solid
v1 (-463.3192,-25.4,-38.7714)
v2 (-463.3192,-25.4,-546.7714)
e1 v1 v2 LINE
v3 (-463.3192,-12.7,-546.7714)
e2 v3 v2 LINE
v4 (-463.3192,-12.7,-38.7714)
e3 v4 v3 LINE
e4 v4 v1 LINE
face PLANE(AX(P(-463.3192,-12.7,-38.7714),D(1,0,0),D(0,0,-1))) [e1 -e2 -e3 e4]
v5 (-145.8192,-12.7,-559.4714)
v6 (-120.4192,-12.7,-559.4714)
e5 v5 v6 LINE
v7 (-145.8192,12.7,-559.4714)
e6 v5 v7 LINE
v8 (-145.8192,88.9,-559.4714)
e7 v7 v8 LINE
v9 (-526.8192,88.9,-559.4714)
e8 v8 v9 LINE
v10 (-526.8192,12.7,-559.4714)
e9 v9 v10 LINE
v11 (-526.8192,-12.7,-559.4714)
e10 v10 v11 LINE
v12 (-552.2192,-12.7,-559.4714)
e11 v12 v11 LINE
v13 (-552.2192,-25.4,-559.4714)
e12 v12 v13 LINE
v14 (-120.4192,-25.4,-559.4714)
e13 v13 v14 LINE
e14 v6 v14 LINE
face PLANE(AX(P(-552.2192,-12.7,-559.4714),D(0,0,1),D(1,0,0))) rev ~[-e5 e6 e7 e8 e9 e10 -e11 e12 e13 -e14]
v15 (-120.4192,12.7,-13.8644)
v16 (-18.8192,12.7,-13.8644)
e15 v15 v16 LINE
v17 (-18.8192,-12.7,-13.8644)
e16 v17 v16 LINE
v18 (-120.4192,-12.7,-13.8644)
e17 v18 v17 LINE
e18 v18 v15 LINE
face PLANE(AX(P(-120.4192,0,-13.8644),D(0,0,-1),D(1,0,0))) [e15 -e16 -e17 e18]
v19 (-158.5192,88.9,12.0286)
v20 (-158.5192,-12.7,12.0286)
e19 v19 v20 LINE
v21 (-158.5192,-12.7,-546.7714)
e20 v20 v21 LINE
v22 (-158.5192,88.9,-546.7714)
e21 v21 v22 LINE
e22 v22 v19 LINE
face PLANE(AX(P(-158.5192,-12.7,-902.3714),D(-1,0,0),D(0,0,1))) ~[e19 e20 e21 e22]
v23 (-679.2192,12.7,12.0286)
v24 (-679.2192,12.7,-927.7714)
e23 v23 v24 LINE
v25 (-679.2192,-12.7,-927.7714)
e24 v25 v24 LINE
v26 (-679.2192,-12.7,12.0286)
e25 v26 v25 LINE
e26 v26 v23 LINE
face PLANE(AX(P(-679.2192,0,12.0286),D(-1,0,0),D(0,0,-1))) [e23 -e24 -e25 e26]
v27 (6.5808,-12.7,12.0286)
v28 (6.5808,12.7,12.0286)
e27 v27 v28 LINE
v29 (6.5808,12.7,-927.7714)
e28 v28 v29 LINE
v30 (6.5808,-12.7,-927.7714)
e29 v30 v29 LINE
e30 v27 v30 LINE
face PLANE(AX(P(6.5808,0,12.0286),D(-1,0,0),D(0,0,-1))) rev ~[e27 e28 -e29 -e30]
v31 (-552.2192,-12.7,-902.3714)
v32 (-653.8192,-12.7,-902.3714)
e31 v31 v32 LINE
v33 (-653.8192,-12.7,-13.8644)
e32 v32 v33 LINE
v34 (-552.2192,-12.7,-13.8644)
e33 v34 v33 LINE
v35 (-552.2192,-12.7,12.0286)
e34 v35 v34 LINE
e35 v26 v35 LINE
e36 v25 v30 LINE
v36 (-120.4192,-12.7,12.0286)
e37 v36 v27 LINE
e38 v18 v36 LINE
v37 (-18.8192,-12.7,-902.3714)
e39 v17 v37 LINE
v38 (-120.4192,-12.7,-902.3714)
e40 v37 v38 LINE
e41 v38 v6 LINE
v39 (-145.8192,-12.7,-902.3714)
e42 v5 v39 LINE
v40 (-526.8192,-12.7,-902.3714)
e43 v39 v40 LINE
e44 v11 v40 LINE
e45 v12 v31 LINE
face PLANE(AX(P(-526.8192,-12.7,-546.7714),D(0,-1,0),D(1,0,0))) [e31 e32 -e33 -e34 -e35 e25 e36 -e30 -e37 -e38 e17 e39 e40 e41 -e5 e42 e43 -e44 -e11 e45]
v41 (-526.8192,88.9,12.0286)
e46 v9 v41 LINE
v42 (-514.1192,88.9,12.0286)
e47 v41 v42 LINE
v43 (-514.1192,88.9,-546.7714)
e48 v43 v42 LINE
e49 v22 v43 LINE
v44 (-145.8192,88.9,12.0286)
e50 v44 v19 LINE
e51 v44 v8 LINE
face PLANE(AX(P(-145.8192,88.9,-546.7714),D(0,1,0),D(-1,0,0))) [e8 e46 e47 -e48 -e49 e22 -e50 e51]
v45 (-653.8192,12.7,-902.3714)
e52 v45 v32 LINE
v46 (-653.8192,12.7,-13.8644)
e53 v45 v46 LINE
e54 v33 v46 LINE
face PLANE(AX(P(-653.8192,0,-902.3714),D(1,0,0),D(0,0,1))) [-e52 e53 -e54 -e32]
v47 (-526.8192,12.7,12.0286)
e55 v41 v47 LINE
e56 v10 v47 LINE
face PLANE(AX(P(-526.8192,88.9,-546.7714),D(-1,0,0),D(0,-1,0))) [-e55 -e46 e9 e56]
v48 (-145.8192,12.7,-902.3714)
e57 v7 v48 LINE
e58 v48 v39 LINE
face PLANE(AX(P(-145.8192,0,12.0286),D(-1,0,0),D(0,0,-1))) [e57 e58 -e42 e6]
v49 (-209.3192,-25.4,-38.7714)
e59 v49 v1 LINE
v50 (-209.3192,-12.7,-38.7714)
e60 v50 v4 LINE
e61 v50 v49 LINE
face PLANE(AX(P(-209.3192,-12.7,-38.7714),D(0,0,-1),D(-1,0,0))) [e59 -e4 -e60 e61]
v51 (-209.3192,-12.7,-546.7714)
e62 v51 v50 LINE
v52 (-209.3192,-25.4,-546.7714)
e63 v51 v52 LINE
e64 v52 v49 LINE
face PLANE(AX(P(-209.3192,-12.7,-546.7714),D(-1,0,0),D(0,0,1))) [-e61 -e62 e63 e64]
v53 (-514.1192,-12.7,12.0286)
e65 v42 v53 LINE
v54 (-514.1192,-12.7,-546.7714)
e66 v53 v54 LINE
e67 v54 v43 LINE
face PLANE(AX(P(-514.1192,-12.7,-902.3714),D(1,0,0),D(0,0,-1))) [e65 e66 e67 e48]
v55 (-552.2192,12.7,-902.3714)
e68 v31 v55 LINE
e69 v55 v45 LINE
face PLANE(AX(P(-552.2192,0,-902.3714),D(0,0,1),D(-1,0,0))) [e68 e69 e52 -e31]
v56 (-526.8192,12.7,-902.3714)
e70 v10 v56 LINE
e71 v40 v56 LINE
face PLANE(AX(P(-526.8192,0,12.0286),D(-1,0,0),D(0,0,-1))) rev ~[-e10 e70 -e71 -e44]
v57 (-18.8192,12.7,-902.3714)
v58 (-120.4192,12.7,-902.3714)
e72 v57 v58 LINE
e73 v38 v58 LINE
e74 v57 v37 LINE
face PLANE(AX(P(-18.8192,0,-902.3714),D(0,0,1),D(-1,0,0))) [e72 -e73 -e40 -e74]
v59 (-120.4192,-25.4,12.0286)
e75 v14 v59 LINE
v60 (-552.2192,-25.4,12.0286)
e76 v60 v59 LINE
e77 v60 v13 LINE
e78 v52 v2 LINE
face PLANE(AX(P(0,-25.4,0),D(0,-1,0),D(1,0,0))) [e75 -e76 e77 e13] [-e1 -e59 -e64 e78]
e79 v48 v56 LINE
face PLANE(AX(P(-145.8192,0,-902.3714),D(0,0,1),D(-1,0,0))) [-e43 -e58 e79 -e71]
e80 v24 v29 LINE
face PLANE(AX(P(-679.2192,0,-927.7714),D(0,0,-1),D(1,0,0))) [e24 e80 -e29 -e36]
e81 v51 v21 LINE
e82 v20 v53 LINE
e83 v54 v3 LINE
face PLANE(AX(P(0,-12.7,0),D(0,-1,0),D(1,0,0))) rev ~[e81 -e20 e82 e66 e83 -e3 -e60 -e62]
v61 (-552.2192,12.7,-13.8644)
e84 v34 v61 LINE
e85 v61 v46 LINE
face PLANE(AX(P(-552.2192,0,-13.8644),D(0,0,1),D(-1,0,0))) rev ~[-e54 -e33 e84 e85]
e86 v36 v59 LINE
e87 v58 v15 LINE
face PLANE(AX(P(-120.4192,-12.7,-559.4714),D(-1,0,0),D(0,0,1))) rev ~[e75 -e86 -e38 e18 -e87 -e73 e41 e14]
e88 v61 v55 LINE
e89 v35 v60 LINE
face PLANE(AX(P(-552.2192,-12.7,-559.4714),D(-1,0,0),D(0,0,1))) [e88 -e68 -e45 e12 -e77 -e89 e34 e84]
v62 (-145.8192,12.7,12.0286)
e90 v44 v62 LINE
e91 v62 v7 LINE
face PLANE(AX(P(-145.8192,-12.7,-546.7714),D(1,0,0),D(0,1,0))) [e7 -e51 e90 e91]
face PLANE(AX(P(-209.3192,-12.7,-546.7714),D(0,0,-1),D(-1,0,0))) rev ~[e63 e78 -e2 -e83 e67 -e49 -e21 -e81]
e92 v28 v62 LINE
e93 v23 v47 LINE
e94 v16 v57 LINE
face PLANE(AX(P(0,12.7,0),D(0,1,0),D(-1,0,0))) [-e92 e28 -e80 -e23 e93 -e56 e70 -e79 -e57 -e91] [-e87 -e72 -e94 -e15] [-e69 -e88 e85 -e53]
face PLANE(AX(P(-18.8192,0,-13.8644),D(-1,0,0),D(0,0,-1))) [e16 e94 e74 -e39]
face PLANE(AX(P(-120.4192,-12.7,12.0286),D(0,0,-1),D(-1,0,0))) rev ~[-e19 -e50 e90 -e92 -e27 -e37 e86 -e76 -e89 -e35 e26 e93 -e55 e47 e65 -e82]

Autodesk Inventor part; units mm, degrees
ref_plane "YZ Plane" through (0, 0, 0) normal (1, 0, 0) x (0, 1, 0)
ref_plane "XZ Plane" through (0, 0, 0) normal (0, 1, 0) x (-1, 0, 0)
sketch "Sketch1" plane through (0, 0, 0) normal (0, 1, 0) x (-1, 0, 0)
  line L0 (-6.5808, 12.0286) -> (-6.5808, -927.7714)
  line L1 (-6.5808, 12.0286) -> (18.8192, 12.0286)
  line L2 (18.8192, 12.0286) -> (18.8192, -902.3714)
  line L3 (18.8192, -902.3714) -> (653.8192, -902.3714)
  line L4 (653.8192, -902.3714) -> (653.8192, 12.0286)
  line L5 (653.8192, 12.0286) -> (679.2192, 12.0286)
  line L6 (679.2192, 12.0286) -> (679.2192, -927.7714)
  line L7 (679.2192, -927.7714) -> (-6.5808, -927.7714)
  line L8 (18.8192, 12.0286) -> (145.8192, 12.0286)
  line L9 (145.8192, 12.0286) -> (145.8192, -902.3714)
  line L10 (145.8192, -902.3714) -> (120.4192, -902.3714)
  line L11 (120.4192, -902.3714) -> (120.4192, 12.0286)
  line L12 (120.4192, -13.8644) -> (18.8192, -13.8644)
  line L13 (653.8192, 12.0286) -> (526.8192, 12.0286)
  line L14 (526.8192, 12.0286) -> (526.8192, -902.3714)
  line L15 (552.2192, 12.0286) -> (552.2192, -902.3714)
  line L16 (552.2192, -13.8644) -> (653.8192, -13.8644)
  point P0 (69.6192, -13.8644)
  dimension "d0" = 939.8
  dimension "d1" = 25.4
  dimension "d2" = 914.4
  dimension "d3" = 635
  dimension "d5" = 25.4
  dimension "d6" = 90
  dimension "d9" = 127
  dimension "d11" = 25.4
  dimension "d12" = 127
  dimension "d21" = 25.4
extrude "Extrusion1" add sketch "Sketch1" along normal mid plane 25.4 contours L1 L2 L3 L4 L5 L6 L7 L0 | L8 L11 L12 L2 | L8 L9 L3 L11 | L4 L16 L15 L13 | L15 L3 L14 L13
sketch "Sketch2" plane through (-526.8192, -12.7, -902.3714) normal (1, 0, 0) x (0, 0, -1)
  line L0 (-914.4, 0) -> (-355.6, 0)
  line L1 (-355.6, 0) -> (-355.6, 101.6)
  line L2 (-355.6, 101.6) -> (-914.4, 101.6)
  line L3 (-914.4, 101.6) -> (-914.4, 0)
  dimension "d14" = 558.8
  dimension "d16" = 101.6
extrude "Extrusion2" add sketch "Sketch2" along normal blind 12.7
ref_plane "Work Plane1" through (-336.3192, 12.7, -902.3714) normal (1, 0, 0) x (0, -1, 0)
mirror "Mirror1" about plane through (-336.3192, 12.7, -902.3714) normal (1, 0, 0) of "Extrusion2"
sketch "Sketch3" plane through (-145.8192, 12.7, -546.7714) normal (0, 0, -1) x (-1, 0, 0)
  line L0 (0, 76.2) -> (381, 76.2)
  line L1 (381, 76.2) -> (381, -25.4)
  line L2 (381, -25.4) -> (0, -25.4)
  line L3 (0, -25.4) -> (0, 76.2)
extrude "Extrusion3" add sketch "Sketch3" along normal blind 12.7
sketch "Sketch4" plane through (0, -12.7, 0) normal (0, -1, 0) x (1, 0, 0)
  line L0 (6.5808, 12.0286) -> (-158.5192, 12.0286) projected
  line L1 (-552.2192, -902.3714) -> (-552.2192, -13.8644) projected
  line L2 (-552.2192, -559.4714) -> (-120.4192, -559.4714)
  line L3 (-120.4192, -559.4714) -> (-120.4192, 12.0286)
  line L4 (-120.4192, 12.0286) -> (-552.2192, 12.0286)
  line L5 (-552.2192, 12.0286) -> (-552.2192, -559.4714)
extrude "Extrusion4" add sketch "Sketch4" along normal blind 12.7
sketch "Sketch5" plane through (0, -12.7, 0) normal (0, 1, 0) x (1, 0, 0)
  line L0 (-514.1192, -12.0286) -> (-514.1192, 546.7714) projected
  line L1 (-158.5192, 546.7714) -> (-514.1192, 546.7714) projected
  line L2 (-463.3192, 546.7714) -> (-209.3192, 546.7714)
  line L3 (-209.3192, 546.7714) -> (-209.3192, 38.7714)
  line L4 (-209.3192, 38.7714) -> (-463.3192, 38.7714)
  line L5 (-463.3192, 38.7714) -> (-463.3192, 546.7714)
  point P0 (-336.3192, 38.7714)
  dimension "d24" = 254
  dimension "d25" = 508
  dimension "d26" = 177.8
extrude "Extrusion5" cut sketch "Sketch5" against normal blind 12.7
properties part number "Robot frame"
